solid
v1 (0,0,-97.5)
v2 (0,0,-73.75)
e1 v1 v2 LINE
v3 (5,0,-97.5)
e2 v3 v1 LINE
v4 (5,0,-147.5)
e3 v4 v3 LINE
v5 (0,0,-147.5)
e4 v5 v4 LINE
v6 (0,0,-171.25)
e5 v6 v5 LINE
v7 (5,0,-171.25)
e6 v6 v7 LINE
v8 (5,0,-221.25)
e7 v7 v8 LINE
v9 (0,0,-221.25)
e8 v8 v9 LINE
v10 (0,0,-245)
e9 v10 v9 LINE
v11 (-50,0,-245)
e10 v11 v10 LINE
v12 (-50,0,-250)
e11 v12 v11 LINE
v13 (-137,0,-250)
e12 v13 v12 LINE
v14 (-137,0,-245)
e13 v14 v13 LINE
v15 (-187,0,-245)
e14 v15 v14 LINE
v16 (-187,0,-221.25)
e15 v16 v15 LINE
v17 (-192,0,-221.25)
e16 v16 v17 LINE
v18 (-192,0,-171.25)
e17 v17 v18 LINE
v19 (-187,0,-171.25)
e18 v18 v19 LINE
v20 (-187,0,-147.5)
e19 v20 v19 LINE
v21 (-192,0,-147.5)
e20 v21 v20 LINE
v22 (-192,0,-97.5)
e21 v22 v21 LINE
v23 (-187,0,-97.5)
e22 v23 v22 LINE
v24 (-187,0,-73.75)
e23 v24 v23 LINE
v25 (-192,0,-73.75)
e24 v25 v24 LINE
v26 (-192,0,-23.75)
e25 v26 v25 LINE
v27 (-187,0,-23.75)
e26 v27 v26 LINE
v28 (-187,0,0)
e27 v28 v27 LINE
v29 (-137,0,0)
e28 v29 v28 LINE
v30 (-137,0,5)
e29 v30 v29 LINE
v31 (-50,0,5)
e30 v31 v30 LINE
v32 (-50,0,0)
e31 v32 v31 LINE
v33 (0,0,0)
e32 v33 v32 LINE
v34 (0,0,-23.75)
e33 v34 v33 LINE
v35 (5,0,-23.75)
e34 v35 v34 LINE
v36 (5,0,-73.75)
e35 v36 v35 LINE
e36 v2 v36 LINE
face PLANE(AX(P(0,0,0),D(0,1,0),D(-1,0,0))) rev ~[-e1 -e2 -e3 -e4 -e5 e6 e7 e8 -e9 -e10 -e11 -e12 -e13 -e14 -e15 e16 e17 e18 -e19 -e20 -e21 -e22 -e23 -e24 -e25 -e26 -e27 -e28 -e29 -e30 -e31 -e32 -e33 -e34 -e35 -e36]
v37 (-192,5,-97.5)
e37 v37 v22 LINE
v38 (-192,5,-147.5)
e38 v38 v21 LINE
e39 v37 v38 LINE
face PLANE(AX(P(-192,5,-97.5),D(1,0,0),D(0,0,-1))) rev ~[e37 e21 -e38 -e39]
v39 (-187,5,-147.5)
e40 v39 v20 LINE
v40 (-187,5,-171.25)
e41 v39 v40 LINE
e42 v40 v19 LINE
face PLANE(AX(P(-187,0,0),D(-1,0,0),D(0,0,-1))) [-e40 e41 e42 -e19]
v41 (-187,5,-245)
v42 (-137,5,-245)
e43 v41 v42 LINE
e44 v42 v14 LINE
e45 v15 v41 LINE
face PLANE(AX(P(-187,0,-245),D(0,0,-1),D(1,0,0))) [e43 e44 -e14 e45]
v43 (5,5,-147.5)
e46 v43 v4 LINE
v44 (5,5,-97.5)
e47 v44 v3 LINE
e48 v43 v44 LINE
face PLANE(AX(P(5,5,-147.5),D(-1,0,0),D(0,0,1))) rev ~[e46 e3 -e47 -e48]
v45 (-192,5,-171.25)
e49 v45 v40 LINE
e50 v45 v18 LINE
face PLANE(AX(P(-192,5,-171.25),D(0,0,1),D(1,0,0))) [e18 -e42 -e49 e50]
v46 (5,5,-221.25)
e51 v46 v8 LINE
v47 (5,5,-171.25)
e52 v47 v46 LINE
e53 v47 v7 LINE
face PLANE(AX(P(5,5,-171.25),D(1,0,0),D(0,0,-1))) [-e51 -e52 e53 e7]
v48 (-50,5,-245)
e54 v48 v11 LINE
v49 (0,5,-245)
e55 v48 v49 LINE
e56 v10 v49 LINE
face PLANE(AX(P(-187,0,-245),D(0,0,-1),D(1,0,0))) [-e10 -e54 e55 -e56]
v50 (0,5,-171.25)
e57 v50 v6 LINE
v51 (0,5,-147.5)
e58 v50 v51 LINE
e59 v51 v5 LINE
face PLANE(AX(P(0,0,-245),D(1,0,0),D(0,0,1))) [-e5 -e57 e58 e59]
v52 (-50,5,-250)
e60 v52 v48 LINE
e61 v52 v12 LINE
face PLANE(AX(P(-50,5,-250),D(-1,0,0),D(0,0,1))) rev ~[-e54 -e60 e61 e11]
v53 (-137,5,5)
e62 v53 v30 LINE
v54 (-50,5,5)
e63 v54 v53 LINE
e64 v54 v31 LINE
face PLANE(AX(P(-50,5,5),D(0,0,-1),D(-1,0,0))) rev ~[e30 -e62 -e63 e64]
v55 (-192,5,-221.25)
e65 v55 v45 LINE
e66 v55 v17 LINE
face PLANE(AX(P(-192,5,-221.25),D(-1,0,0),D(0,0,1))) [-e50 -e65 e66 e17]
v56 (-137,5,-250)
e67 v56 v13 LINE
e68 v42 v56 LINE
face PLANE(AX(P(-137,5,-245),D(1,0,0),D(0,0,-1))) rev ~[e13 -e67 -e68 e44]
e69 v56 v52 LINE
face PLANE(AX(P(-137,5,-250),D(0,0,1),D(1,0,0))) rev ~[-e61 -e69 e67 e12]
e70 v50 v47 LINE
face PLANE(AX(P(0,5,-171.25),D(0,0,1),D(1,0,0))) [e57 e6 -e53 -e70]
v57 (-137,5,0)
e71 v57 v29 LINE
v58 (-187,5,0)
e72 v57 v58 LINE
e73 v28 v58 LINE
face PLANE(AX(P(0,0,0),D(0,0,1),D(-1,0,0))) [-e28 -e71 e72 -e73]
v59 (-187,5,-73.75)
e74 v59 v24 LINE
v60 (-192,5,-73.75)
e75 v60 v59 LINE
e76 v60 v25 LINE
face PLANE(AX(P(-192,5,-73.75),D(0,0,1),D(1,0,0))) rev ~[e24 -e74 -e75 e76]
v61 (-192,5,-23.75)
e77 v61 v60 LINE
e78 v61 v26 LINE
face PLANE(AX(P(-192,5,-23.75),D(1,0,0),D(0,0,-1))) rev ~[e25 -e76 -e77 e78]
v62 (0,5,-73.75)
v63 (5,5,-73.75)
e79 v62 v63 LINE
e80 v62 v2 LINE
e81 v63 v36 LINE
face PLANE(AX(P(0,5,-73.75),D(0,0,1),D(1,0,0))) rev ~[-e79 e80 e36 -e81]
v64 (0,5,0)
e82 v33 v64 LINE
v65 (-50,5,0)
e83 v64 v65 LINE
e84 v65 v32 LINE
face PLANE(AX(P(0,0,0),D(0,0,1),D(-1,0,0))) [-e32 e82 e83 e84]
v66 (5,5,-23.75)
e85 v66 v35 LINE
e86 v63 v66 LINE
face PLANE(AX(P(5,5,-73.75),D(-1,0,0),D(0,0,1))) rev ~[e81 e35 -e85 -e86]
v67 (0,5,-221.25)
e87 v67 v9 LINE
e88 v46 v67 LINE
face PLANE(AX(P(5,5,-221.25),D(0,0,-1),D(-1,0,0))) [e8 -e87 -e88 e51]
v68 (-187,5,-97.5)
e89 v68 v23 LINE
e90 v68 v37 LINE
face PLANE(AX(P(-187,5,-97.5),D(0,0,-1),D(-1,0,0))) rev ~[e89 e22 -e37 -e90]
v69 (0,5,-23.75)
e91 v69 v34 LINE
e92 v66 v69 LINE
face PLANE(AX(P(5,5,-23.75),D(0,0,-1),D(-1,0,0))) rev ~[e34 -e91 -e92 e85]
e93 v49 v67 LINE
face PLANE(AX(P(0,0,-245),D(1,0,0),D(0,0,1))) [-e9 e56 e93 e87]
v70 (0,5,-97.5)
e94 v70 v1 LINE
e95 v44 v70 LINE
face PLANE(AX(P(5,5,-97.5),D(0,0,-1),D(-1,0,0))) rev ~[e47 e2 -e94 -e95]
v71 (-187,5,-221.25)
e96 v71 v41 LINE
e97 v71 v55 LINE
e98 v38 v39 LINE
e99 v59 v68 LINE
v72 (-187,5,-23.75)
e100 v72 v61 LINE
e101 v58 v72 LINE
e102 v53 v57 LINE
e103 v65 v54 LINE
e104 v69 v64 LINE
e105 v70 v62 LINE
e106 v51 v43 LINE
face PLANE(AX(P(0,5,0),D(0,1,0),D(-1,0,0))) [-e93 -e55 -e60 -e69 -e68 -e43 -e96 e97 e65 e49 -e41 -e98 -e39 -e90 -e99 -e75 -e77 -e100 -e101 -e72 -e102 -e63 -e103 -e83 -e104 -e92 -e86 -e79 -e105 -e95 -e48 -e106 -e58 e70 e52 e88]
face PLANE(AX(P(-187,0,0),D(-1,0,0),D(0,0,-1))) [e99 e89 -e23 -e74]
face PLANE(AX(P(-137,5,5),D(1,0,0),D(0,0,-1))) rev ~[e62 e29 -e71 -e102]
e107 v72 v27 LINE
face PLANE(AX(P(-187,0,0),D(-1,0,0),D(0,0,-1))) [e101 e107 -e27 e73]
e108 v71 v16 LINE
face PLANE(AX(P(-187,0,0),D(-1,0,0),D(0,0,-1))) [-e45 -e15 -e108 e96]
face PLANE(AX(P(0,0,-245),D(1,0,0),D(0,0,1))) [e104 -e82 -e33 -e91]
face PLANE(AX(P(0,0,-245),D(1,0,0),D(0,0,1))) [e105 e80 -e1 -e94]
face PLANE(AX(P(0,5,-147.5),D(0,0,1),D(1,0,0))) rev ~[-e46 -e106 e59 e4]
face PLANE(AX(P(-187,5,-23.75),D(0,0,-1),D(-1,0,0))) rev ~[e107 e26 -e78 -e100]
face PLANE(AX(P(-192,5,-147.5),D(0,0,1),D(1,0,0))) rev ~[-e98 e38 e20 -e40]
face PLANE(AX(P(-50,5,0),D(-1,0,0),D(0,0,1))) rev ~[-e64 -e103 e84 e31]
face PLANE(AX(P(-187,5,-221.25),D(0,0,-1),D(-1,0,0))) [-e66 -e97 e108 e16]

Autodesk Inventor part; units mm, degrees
ref_plane "YZ Plane" through (0, 0, 0) normal (1, 0, 0) x (0, 1, 0)
ref_plane "XZ Plane" through (0, 0, 0) normal (0, 1, 0) x (-1, 0, 0)
ref_plane "XY Plane" through (0, 0, 0) normal (0, 0, 1) x (1, 0, 0)
sketch "Sketch1" plane through (0, 0, 0) normal (0, 1, 0) x (-1, 0, 0)
  line L0 (0, 0) -> (187, 0)
  line L1 (187, 0) -> (187, -245)
  line L2 (187, -245) -> (0, -245)
  line L3 (0, -245) -> (0, 0)
  dimension "d0" = 245
  dimension "d1" = 187
extrude "Extrusion1" add sketch "Sketch1" along normal blind 5
sketch "Sketch2" plane through (0, 5, 0) normal (0, 1, 0) x (1, 0, 0)
  line L0 (-187, 0) -> (0, 0) projected
  line L1 (0, 0) -> (0, 245) projected
  line L2 (0, 245) -> (-187, 245) projected
  line L3 (-187, 245) -> (-187, 0) projected
  line L4 (-187, 221.25) -> (-192, 221.25)
  line L5 (-192, 221.25) -> (-192, 171.25)
  line L6 (-192, 171.25) -> (-187, 171.25)
  line L7 (-187, 171.25) -> (-187, 221.25)
  line L8 (-192, 147.5) -> (-187, 147.5)
  line L9 (-187, 147.5) -> (-187, 97.5)
  line L10 (-187, 97.5) -> (-192, 97.5)
  line L11 (-192, 97.5) -> (-192, 147.5)
  line L12 (-192, 73.75) -> (-187, 73.75)
  line L13 (-187, 73.75) -> (-187, 23.75)
  line L14 (-187, 23.75) -> (-192, 23.75)
  line L15 (-192, 23.75) -> (-192, 73.75)
  line L16 (5, 221.25) -> (0, 221.25)
  line L17 (0, 221.25) -> (0, 171.25)
  line L18 (0, 171.25) -> (5, 171.25)
  line L19 (5, 171.25) -> (5, 221.25)
  line L20 (0, 147.5) -> (5, 147.5)
  line L21 (5, 147.5) -> (5, 97.5)
  line L22 (5, 97.5) -> (0, 97.5)
  line L23 (0, 97.5) -> (0, 147.5)
  line L24 (0, 73.75) -> (5, 73.75)
  line L25 (5, 73.75) -> (5, 23.75)
  line L26 (5, 23.75) -> (0, 23.75)
  line L27 (0, 23.75) -> (0, 73.75)
  line L28 (-137, 250) -> (-50, 250)
  line L29 (-50, 250) -> (-50, 245)
  line L30 (-50, 245) -> (-137, 245)
  line L31 (-137, 245) -> (-137, 250)
  line L32 (-137, 0) -> (-50, 0)
  line L33 (-50, 0) -> (-50, -5)
  line L34 (-50, -5) -> (-137, -5)
  line L35 (-137, -5) -> (-137, 0)
  point P0 (-50, 0)
  dimension "d4" = 5
  dimension "d5" = 50
  dimension "d6" = 50
  dimension "d7" = 50
  dimension "d8" = 5
  dimension "d9" = 5
  dimension "d10" = 23.75
  dimension "d11" = 23.75
  dimension "d12" = 23.75
  dimension "d13" = 5
  dimension "d14" = 50
  dimension "d15" = 50
  dimension "d16" = 50
  dimension "d17" = 5
  dimension "d18" = 5
  dimension "d19" = 23.75
  dimension "d20" = 23.75
  dimension "d21" = 23.75
  dimension "d22" = 5
  dimension "d23" = 50
  dimension "d24" = 50
  dimension "d25" = 5
  dimension "d26" = 50
  dimension "d27" = 50
extrude "Extrusion2" add sketch "Sketch2" against normal blind 5 contours L0 L33 L34 L35 | L14 L15 L12 L3 | L10 L11 L8 L3 | L1 L24 L25 L26 | L6 L5 L4 L3 | L1 L20 L21 L22 | L1 L16 L19 L18 | L31 L28 L29 L2
properties part number "Placa de abajo"
